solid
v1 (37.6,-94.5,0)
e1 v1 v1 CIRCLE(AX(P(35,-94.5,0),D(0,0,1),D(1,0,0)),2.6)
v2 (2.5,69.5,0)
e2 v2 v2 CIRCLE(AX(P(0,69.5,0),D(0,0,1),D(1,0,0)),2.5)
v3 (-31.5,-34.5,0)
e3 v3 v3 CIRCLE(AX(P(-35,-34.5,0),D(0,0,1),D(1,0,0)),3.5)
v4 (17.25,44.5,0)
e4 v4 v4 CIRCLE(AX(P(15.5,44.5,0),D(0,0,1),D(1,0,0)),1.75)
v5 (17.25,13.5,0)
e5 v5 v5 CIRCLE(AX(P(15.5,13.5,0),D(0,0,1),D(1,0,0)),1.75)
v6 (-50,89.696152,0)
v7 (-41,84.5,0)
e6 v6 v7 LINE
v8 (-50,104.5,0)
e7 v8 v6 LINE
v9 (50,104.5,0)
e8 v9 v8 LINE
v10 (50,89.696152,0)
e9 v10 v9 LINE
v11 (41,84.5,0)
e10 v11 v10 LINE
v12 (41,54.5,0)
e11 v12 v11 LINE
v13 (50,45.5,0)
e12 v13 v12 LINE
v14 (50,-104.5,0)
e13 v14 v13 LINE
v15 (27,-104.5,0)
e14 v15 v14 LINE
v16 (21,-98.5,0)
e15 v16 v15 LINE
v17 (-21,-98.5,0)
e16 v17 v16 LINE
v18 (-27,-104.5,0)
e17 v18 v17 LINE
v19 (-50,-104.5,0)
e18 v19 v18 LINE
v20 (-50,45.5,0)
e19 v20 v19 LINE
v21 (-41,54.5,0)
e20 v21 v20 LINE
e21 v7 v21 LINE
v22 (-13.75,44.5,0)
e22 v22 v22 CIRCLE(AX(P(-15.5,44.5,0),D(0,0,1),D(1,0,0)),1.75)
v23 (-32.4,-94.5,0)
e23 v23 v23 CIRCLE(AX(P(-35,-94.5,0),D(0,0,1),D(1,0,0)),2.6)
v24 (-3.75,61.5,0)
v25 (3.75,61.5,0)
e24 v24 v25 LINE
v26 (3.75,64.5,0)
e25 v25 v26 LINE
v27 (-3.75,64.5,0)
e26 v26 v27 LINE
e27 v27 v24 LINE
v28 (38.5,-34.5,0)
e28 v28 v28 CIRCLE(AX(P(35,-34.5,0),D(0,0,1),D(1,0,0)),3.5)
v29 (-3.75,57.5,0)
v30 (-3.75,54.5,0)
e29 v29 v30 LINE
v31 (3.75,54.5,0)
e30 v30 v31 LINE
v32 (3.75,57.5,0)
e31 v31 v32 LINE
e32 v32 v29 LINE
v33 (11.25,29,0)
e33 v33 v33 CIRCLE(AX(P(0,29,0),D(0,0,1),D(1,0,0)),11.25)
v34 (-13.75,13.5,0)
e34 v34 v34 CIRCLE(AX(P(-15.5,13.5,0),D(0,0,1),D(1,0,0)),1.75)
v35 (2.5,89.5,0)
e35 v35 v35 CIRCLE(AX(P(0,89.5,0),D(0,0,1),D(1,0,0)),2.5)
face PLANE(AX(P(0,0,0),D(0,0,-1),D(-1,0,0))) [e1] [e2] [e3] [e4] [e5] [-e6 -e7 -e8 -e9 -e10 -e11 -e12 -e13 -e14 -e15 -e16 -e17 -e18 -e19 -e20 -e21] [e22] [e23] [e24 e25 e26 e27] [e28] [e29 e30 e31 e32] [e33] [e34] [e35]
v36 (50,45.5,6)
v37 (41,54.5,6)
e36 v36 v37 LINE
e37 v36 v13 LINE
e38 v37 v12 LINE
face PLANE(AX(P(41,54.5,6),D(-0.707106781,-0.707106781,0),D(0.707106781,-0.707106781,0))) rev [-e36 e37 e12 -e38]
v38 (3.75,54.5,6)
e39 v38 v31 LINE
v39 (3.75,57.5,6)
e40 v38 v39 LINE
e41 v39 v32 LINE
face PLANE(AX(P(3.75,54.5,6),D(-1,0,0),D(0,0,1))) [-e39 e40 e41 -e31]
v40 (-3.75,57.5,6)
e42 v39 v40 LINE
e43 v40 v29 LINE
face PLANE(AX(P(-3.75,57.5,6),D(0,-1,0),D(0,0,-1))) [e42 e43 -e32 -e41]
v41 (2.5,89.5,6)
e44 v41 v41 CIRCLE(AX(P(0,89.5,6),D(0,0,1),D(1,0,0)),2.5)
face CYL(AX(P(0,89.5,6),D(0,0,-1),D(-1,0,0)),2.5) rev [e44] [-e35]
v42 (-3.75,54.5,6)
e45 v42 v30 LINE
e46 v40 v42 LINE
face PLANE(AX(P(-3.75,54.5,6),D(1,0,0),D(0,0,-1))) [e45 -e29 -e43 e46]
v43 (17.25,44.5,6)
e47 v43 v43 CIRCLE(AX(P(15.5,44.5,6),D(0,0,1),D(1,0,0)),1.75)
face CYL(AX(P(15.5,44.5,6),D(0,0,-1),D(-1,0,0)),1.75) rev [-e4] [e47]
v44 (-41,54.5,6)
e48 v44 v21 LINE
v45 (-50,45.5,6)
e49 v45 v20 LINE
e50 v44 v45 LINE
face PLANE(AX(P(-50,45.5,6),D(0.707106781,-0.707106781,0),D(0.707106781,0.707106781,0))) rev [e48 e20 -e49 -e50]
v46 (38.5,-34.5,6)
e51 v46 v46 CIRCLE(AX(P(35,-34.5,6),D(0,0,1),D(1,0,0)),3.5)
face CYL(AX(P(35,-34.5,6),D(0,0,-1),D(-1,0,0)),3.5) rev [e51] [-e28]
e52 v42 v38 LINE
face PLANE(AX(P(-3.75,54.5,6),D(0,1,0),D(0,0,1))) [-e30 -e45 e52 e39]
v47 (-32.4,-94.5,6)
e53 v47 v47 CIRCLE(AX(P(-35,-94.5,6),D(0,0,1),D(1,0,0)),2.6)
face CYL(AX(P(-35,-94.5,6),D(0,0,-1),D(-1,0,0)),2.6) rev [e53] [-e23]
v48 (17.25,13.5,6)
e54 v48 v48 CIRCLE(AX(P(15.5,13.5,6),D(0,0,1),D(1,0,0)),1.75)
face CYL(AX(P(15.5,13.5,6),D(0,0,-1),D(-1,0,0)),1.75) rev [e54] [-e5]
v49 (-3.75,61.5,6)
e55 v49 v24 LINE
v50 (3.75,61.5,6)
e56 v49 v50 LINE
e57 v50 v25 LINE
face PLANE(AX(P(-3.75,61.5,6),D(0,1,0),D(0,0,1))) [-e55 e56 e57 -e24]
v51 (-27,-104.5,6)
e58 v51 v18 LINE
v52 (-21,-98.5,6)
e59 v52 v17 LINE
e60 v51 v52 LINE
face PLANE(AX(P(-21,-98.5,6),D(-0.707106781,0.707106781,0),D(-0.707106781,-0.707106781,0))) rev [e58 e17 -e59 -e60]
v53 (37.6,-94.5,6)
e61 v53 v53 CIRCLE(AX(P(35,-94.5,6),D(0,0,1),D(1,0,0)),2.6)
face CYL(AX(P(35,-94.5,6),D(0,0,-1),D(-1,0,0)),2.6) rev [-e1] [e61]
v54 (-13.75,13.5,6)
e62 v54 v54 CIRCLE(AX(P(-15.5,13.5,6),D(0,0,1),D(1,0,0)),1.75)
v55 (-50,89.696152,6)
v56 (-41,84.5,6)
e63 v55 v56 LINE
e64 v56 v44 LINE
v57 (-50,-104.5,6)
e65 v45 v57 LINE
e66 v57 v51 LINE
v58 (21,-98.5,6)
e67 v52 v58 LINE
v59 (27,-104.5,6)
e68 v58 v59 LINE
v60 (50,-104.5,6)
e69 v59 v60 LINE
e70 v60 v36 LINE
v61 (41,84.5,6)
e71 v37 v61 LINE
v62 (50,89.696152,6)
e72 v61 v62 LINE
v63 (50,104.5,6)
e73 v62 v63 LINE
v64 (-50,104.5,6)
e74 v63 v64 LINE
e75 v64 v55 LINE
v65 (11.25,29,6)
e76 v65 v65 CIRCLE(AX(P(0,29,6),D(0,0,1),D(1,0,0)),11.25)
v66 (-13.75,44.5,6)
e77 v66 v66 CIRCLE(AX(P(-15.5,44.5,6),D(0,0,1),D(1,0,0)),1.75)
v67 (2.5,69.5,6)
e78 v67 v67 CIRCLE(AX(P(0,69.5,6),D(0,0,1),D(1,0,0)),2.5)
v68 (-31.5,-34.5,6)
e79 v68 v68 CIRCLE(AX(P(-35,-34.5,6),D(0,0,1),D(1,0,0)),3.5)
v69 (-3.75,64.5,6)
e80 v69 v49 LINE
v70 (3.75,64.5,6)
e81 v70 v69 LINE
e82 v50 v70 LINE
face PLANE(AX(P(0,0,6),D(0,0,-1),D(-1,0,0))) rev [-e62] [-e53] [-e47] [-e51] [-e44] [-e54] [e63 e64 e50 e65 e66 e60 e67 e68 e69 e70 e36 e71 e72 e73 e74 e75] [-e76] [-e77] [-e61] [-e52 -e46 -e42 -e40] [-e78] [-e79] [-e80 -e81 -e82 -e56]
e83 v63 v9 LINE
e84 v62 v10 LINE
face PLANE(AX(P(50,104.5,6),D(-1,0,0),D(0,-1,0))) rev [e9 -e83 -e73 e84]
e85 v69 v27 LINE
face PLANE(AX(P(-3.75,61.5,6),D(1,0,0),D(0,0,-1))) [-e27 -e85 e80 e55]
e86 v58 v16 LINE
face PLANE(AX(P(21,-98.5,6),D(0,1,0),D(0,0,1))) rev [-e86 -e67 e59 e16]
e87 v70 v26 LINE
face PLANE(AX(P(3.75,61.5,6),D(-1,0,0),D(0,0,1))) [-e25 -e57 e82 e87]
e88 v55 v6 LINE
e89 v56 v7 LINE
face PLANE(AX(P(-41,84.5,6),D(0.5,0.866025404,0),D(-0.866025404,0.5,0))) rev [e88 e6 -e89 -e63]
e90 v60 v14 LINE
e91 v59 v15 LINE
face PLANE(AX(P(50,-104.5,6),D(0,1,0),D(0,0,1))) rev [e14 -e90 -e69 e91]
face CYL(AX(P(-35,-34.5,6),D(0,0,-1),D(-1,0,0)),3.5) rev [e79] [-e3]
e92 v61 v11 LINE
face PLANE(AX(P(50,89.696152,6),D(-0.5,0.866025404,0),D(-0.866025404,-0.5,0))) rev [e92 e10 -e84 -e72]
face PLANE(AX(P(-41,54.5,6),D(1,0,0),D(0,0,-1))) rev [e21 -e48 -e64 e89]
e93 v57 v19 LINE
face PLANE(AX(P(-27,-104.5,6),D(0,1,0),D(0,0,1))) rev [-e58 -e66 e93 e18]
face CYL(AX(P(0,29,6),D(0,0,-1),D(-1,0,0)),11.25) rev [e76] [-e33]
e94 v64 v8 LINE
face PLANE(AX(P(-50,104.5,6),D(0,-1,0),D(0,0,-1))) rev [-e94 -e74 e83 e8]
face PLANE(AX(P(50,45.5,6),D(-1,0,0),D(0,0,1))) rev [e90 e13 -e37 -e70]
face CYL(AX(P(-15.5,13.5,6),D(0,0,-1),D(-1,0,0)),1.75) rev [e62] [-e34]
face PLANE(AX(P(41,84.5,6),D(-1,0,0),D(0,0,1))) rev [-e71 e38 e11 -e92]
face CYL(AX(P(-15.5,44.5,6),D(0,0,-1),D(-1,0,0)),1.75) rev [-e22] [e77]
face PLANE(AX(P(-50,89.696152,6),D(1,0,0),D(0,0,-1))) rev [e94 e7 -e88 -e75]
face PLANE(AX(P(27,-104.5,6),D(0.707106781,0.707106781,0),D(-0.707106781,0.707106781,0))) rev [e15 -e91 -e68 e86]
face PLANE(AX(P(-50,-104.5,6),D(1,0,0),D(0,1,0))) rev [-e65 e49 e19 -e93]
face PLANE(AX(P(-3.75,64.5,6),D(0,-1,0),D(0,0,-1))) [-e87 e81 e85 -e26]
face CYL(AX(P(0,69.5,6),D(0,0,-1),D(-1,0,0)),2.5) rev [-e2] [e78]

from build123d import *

# Parameters (mm, degrees)
CROQUIS1_R              = 2.6
CROQUIS1_R_2            = 3.5
CROQUIS1_R_3            = 1.75
CROQUIS1_R_4            = 11.25
CROQUIS1_R_5            = 2.5
CROQUIS1_W              = 7.5
CROQUIS1_H              = 3
SALIENTE_EXTRUIR1_DEPTH = 6


with BuildPart() as part:
    # Croquis1 → Saliente-Extruir1 (new body)
    with BuildSketch(Plane.XY):
        Polygon((-50, -104.5), (-50, 45.5), (-41, 54.5), (-41, 84.5), (-50, 89.696152423), (-50, 104.5), (50, 104.5), (50, 89.696152423), (41, 84.5), (41, 54.5), (50, 45.5), (50, -104.5), (27, -104.5), (21, -98.5), (-21, -98.5), (-27, -104.5), align=None)
        with Locations((-35, -94.5)):
            Circle(CROQUIS1_R, mode=Mode.SUBTRACT)
        with Locations((-35, -34.5)):
            Circle(CROQUIS1_R_2, mode=Mode.SUBTRACT)
        with Locations((35, -34.5)):
            Circle(CROQUIS1_R_2, mode=Mode.SUBTRACT)
        with Locations((35, -94.5)):
            Circle(CROQUIS1_R, mode=Mode.SUBTRACT)
        with Locations((-15.5, 13.5)):
            Circle(CROQUIS1_R_3, mode=Mode.SUBTRACT)
        with Locations((15.5, 13.5)):
            Circle(CROQUIS1_R_3, mode=Mode.SUBTRACT)
        with Locations((0, 29)):
            Circle(CROQUIS1_R_4, mode=Mode.SUBTRACT)
        with Locations((15.5, 44.5)):
            Circle(CROQUIS1_R_3, mode=Mode.SUBTRACT)
        with Locations((-15.5, 44.5)):
            Circle(CROQUIS1_R_3, mode=Mode.SUBTRACT)
        with Locations((0, 69.5)):
            Circle(CROQUIS1_R_5, mode=Mode.SUBTRACT)
        with Locations((0, 89.5)):
            Circle(CROQUIS1_R_5, mode=Mode.SUBTRACT)
        with Locations((0, 56)):
            Rectangle(CROQUIS1_W, CROQUIS1_H, mode=Mode.SUBTRACT)
        with Locations((0, 63)):
            Rectangle(CROQUIS1_W, CROQUIS1_H, mode=Mode.SUBTRACT)
    extrude(amount=SALIENTE_EXTRUIR1_DEPTH)


solid = part.part
